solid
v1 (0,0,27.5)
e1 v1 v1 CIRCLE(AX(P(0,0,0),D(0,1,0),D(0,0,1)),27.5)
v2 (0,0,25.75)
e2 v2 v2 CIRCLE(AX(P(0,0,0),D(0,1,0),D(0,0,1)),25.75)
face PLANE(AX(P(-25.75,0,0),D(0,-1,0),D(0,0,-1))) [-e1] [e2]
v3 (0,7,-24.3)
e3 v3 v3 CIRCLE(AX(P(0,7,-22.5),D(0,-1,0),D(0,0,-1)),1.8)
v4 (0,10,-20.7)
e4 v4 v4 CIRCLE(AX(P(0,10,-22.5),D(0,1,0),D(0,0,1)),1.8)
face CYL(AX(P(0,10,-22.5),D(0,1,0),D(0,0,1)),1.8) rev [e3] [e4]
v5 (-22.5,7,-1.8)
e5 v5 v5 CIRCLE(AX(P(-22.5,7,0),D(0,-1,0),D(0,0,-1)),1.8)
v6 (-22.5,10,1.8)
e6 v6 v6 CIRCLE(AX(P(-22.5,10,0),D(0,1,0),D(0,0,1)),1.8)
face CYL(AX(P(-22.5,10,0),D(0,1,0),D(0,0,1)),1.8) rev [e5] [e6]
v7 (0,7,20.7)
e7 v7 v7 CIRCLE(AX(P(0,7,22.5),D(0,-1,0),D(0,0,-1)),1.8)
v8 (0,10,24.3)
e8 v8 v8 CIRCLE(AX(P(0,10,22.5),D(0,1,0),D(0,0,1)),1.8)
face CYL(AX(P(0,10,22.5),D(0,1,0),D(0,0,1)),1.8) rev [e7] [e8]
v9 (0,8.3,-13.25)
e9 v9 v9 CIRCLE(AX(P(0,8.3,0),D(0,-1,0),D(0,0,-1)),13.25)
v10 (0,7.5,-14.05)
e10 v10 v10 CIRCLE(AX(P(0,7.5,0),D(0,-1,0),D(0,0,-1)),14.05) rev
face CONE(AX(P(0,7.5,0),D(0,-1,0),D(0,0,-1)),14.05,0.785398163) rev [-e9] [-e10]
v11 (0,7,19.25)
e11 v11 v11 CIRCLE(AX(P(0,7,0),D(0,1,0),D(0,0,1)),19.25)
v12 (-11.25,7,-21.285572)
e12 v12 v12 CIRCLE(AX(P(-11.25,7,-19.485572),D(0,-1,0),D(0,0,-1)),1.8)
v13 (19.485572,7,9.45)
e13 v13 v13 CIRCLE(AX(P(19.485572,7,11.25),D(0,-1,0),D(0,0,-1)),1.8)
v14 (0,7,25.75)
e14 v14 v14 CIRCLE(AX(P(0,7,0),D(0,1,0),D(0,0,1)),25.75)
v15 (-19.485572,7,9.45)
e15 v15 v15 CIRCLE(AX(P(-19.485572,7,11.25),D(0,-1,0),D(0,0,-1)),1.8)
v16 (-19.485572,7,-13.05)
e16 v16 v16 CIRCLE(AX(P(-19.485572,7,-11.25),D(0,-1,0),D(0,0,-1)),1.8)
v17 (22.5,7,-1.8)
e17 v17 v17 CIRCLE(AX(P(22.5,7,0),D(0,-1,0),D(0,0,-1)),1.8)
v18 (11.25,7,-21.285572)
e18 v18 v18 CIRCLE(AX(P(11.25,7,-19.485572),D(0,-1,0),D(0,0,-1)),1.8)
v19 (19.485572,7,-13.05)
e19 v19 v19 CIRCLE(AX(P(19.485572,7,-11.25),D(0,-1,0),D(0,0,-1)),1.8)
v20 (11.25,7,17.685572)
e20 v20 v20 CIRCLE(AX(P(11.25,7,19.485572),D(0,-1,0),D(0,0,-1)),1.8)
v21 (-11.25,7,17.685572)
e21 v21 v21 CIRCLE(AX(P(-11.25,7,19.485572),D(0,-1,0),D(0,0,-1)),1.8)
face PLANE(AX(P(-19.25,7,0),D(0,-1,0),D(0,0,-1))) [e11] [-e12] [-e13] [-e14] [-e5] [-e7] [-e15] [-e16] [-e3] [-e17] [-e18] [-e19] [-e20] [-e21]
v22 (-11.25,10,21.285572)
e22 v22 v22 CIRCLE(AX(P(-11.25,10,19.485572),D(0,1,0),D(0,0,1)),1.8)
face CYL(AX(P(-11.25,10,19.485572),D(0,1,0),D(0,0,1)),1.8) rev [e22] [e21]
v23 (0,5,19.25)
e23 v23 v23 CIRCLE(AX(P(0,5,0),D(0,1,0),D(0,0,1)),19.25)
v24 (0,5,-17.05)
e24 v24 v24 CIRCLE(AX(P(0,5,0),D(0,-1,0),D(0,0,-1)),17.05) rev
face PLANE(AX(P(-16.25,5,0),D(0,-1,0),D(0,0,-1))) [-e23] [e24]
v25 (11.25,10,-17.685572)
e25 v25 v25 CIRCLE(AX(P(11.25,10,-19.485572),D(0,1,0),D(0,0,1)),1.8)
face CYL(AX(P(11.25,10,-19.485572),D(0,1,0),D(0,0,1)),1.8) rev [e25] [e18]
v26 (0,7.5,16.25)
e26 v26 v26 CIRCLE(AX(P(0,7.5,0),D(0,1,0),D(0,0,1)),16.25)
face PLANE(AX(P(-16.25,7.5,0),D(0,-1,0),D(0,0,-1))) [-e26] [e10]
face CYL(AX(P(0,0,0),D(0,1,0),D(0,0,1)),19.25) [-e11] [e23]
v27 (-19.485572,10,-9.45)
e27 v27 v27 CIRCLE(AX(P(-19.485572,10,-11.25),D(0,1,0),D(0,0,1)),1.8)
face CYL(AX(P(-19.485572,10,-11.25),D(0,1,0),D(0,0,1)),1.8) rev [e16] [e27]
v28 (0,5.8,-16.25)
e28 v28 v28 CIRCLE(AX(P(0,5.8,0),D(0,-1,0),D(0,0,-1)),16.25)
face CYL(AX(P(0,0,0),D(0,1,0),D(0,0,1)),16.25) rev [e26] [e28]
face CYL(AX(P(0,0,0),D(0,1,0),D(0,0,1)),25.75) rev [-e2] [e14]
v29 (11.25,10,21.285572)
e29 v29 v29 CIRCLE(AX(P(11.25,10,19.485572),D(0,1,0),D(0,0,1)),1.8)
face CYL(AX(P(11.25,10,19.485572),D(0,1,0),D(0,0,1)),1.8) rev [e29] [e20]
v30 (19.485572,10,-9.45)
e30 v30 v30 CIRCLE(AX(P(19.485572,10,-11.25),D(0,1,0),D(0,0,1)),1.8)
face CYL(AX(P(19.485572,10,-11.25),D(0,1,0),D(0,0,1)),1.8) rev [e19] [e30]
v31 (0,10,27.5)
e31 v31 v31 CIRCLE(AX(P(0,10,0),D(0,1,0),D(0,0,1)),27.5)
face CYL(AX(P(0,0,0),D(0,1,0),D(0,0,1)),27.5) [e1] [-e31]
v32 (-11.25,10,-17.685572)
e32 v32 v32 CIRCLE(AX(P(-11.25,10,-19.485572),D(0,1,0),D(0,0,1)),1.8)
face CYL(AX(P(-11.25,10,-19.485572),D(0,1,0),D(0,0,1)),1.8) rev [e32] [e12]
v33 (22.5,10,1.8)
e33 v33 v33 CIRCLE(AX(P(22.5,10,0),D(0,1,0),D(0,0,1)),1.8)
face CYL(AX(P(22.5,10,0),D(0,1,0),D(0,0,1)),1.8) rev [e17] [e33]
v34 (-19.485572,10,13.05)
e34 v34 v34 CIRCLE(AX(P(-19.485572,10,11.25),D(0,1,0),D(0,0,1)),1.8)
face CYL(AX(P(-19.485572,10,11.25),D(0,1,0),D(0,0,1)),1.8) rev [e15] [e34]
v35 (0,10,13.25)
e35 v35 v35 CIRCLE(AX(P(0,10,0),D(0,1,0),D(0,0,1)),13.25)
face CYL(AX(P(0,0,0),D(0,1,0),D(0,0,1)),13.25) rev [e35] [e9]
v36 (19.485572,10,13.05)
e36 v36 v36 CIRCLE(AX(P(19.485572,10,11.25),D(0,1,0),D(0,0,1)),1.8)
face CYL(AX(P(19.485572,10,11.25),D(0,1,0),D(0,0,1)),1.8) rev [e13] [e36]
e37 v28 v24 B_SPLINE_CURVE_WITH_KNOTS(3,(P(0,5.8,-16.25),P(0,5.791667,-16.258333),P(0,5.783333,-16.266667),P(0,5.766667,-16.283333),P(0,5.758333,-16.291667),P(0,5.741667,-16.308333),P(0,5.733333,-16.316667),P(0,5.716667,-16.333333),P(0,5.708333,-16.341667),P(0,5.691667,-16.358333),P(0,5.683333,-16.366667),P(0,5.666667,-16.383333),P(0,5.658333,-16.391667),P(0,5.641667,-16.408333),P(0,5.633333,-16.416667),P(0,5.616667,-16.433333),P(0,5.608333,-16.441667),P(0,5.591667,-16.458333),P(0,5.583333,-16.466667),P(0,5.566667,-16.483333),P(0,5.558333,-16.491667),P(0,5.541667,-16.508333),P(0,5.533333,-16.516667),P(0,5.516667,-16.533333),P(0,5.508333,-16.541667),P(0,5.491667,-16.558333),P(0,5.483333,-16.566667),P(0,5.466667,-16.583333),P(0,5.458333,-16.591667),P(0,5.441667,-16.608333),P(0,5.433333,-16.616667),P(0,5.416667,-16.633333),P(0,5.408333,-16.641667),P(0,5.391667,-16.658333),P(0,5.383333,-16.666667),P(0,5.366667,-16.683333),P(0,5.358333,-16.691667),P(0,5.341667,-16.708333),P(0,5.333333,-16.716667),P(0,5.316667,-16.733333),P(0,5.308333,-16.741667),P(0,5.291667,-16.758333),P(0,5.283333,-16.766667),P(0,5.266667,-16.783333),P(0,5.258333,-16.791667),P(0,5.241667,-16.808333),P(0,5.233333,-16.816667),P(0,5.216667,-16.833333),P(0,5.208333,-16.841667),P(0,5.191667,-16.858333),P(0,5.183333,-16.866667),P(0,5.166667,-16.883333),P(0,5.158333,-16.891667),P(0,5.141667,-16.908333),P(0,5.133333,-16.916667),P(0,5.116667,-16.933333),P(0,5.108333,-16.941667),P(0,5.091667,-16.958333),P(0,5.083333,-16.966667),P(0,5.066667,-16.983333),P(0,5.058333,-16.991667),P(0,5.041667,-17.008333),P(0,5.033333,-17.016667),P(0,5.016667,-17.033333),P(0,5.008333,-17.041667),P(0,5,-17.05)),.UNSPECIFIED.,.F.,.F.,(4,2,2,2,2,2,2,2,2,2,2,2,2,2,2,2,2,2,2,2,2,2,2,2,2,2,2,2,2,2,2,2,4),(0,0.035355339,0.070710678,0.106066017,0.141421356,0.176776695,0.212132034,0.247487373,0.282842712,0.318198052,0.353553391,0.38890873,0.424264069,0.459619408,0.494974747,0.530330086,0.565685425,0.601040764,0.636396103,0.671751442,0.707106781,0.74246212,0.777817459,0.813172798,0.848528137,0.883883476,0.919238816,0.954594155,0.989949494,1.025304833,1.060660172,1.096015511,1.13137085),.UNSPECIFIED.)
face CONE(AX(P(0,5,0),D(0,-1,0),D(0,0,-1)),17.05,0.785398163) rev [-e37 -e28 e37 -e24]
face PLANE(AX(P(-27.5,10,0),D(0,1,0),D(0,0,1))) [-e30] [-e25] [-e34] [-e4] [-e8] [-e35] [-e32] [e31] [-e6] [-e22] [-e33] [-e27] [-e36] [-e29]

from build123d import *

# Parameters (mm, degrees)
M3_CLEARANCE_HOLE1_D = 3.6
CHAMFER1_SIZE        = 0.8


with BuildPart() as part:
    # Sketch1 → Revolve1 (revolve)
    with BuildSketch(Plane.XY, mode=Mode.PRIVATE) as revolve1_sk:
        Polygon((-25.75, 0), (-27.5, 0), (-27.5, 10), (-13.25, 10), (-13.25, 7.5), (-16.25, 7.5), (-16.25, 5), (-19.25, 5), (-19.25, 7), (-25.75, 7), align=None)
    revolve(revolve1_sk.sketch.rotate(Axis((0, 0, 0), (0, -1, 0)), 270), axis=Axis((0, 0, 0), (0, -1, 0)))

    # M3 Clearance Hole1 (through all)
    with Locations(Plane(origin=(0, 10, 0), x_dir=(1, 0, 0), z_dir=(0, 1, 0))):
        with Locations((-22.5, 0), (-19.485571585, 11.25), (-11.25, 19.485571585), (0, 22.5), (11.25, 19.485571585), (19.485571585, 11.25), (22.5, 0), (19.485571585, -11.25), (11.25, -19.485571585), (0, -22.5), (-11.25, -19.485571585), (-19.485571585, -11.25)):
            Hole(M3_CLEARANCE_HOLE1_D / 2)

    # Chamfer1
    chamfer1_edges = [part.edges().sort_by_distance(p)[0] for p in [
        (0, 7.5, -13.25),
        (0, 5, -16.25),
    ]]
    chamfer(chamfer1_edges, length=CHAMFER1_SIZE)


solid = part.part
